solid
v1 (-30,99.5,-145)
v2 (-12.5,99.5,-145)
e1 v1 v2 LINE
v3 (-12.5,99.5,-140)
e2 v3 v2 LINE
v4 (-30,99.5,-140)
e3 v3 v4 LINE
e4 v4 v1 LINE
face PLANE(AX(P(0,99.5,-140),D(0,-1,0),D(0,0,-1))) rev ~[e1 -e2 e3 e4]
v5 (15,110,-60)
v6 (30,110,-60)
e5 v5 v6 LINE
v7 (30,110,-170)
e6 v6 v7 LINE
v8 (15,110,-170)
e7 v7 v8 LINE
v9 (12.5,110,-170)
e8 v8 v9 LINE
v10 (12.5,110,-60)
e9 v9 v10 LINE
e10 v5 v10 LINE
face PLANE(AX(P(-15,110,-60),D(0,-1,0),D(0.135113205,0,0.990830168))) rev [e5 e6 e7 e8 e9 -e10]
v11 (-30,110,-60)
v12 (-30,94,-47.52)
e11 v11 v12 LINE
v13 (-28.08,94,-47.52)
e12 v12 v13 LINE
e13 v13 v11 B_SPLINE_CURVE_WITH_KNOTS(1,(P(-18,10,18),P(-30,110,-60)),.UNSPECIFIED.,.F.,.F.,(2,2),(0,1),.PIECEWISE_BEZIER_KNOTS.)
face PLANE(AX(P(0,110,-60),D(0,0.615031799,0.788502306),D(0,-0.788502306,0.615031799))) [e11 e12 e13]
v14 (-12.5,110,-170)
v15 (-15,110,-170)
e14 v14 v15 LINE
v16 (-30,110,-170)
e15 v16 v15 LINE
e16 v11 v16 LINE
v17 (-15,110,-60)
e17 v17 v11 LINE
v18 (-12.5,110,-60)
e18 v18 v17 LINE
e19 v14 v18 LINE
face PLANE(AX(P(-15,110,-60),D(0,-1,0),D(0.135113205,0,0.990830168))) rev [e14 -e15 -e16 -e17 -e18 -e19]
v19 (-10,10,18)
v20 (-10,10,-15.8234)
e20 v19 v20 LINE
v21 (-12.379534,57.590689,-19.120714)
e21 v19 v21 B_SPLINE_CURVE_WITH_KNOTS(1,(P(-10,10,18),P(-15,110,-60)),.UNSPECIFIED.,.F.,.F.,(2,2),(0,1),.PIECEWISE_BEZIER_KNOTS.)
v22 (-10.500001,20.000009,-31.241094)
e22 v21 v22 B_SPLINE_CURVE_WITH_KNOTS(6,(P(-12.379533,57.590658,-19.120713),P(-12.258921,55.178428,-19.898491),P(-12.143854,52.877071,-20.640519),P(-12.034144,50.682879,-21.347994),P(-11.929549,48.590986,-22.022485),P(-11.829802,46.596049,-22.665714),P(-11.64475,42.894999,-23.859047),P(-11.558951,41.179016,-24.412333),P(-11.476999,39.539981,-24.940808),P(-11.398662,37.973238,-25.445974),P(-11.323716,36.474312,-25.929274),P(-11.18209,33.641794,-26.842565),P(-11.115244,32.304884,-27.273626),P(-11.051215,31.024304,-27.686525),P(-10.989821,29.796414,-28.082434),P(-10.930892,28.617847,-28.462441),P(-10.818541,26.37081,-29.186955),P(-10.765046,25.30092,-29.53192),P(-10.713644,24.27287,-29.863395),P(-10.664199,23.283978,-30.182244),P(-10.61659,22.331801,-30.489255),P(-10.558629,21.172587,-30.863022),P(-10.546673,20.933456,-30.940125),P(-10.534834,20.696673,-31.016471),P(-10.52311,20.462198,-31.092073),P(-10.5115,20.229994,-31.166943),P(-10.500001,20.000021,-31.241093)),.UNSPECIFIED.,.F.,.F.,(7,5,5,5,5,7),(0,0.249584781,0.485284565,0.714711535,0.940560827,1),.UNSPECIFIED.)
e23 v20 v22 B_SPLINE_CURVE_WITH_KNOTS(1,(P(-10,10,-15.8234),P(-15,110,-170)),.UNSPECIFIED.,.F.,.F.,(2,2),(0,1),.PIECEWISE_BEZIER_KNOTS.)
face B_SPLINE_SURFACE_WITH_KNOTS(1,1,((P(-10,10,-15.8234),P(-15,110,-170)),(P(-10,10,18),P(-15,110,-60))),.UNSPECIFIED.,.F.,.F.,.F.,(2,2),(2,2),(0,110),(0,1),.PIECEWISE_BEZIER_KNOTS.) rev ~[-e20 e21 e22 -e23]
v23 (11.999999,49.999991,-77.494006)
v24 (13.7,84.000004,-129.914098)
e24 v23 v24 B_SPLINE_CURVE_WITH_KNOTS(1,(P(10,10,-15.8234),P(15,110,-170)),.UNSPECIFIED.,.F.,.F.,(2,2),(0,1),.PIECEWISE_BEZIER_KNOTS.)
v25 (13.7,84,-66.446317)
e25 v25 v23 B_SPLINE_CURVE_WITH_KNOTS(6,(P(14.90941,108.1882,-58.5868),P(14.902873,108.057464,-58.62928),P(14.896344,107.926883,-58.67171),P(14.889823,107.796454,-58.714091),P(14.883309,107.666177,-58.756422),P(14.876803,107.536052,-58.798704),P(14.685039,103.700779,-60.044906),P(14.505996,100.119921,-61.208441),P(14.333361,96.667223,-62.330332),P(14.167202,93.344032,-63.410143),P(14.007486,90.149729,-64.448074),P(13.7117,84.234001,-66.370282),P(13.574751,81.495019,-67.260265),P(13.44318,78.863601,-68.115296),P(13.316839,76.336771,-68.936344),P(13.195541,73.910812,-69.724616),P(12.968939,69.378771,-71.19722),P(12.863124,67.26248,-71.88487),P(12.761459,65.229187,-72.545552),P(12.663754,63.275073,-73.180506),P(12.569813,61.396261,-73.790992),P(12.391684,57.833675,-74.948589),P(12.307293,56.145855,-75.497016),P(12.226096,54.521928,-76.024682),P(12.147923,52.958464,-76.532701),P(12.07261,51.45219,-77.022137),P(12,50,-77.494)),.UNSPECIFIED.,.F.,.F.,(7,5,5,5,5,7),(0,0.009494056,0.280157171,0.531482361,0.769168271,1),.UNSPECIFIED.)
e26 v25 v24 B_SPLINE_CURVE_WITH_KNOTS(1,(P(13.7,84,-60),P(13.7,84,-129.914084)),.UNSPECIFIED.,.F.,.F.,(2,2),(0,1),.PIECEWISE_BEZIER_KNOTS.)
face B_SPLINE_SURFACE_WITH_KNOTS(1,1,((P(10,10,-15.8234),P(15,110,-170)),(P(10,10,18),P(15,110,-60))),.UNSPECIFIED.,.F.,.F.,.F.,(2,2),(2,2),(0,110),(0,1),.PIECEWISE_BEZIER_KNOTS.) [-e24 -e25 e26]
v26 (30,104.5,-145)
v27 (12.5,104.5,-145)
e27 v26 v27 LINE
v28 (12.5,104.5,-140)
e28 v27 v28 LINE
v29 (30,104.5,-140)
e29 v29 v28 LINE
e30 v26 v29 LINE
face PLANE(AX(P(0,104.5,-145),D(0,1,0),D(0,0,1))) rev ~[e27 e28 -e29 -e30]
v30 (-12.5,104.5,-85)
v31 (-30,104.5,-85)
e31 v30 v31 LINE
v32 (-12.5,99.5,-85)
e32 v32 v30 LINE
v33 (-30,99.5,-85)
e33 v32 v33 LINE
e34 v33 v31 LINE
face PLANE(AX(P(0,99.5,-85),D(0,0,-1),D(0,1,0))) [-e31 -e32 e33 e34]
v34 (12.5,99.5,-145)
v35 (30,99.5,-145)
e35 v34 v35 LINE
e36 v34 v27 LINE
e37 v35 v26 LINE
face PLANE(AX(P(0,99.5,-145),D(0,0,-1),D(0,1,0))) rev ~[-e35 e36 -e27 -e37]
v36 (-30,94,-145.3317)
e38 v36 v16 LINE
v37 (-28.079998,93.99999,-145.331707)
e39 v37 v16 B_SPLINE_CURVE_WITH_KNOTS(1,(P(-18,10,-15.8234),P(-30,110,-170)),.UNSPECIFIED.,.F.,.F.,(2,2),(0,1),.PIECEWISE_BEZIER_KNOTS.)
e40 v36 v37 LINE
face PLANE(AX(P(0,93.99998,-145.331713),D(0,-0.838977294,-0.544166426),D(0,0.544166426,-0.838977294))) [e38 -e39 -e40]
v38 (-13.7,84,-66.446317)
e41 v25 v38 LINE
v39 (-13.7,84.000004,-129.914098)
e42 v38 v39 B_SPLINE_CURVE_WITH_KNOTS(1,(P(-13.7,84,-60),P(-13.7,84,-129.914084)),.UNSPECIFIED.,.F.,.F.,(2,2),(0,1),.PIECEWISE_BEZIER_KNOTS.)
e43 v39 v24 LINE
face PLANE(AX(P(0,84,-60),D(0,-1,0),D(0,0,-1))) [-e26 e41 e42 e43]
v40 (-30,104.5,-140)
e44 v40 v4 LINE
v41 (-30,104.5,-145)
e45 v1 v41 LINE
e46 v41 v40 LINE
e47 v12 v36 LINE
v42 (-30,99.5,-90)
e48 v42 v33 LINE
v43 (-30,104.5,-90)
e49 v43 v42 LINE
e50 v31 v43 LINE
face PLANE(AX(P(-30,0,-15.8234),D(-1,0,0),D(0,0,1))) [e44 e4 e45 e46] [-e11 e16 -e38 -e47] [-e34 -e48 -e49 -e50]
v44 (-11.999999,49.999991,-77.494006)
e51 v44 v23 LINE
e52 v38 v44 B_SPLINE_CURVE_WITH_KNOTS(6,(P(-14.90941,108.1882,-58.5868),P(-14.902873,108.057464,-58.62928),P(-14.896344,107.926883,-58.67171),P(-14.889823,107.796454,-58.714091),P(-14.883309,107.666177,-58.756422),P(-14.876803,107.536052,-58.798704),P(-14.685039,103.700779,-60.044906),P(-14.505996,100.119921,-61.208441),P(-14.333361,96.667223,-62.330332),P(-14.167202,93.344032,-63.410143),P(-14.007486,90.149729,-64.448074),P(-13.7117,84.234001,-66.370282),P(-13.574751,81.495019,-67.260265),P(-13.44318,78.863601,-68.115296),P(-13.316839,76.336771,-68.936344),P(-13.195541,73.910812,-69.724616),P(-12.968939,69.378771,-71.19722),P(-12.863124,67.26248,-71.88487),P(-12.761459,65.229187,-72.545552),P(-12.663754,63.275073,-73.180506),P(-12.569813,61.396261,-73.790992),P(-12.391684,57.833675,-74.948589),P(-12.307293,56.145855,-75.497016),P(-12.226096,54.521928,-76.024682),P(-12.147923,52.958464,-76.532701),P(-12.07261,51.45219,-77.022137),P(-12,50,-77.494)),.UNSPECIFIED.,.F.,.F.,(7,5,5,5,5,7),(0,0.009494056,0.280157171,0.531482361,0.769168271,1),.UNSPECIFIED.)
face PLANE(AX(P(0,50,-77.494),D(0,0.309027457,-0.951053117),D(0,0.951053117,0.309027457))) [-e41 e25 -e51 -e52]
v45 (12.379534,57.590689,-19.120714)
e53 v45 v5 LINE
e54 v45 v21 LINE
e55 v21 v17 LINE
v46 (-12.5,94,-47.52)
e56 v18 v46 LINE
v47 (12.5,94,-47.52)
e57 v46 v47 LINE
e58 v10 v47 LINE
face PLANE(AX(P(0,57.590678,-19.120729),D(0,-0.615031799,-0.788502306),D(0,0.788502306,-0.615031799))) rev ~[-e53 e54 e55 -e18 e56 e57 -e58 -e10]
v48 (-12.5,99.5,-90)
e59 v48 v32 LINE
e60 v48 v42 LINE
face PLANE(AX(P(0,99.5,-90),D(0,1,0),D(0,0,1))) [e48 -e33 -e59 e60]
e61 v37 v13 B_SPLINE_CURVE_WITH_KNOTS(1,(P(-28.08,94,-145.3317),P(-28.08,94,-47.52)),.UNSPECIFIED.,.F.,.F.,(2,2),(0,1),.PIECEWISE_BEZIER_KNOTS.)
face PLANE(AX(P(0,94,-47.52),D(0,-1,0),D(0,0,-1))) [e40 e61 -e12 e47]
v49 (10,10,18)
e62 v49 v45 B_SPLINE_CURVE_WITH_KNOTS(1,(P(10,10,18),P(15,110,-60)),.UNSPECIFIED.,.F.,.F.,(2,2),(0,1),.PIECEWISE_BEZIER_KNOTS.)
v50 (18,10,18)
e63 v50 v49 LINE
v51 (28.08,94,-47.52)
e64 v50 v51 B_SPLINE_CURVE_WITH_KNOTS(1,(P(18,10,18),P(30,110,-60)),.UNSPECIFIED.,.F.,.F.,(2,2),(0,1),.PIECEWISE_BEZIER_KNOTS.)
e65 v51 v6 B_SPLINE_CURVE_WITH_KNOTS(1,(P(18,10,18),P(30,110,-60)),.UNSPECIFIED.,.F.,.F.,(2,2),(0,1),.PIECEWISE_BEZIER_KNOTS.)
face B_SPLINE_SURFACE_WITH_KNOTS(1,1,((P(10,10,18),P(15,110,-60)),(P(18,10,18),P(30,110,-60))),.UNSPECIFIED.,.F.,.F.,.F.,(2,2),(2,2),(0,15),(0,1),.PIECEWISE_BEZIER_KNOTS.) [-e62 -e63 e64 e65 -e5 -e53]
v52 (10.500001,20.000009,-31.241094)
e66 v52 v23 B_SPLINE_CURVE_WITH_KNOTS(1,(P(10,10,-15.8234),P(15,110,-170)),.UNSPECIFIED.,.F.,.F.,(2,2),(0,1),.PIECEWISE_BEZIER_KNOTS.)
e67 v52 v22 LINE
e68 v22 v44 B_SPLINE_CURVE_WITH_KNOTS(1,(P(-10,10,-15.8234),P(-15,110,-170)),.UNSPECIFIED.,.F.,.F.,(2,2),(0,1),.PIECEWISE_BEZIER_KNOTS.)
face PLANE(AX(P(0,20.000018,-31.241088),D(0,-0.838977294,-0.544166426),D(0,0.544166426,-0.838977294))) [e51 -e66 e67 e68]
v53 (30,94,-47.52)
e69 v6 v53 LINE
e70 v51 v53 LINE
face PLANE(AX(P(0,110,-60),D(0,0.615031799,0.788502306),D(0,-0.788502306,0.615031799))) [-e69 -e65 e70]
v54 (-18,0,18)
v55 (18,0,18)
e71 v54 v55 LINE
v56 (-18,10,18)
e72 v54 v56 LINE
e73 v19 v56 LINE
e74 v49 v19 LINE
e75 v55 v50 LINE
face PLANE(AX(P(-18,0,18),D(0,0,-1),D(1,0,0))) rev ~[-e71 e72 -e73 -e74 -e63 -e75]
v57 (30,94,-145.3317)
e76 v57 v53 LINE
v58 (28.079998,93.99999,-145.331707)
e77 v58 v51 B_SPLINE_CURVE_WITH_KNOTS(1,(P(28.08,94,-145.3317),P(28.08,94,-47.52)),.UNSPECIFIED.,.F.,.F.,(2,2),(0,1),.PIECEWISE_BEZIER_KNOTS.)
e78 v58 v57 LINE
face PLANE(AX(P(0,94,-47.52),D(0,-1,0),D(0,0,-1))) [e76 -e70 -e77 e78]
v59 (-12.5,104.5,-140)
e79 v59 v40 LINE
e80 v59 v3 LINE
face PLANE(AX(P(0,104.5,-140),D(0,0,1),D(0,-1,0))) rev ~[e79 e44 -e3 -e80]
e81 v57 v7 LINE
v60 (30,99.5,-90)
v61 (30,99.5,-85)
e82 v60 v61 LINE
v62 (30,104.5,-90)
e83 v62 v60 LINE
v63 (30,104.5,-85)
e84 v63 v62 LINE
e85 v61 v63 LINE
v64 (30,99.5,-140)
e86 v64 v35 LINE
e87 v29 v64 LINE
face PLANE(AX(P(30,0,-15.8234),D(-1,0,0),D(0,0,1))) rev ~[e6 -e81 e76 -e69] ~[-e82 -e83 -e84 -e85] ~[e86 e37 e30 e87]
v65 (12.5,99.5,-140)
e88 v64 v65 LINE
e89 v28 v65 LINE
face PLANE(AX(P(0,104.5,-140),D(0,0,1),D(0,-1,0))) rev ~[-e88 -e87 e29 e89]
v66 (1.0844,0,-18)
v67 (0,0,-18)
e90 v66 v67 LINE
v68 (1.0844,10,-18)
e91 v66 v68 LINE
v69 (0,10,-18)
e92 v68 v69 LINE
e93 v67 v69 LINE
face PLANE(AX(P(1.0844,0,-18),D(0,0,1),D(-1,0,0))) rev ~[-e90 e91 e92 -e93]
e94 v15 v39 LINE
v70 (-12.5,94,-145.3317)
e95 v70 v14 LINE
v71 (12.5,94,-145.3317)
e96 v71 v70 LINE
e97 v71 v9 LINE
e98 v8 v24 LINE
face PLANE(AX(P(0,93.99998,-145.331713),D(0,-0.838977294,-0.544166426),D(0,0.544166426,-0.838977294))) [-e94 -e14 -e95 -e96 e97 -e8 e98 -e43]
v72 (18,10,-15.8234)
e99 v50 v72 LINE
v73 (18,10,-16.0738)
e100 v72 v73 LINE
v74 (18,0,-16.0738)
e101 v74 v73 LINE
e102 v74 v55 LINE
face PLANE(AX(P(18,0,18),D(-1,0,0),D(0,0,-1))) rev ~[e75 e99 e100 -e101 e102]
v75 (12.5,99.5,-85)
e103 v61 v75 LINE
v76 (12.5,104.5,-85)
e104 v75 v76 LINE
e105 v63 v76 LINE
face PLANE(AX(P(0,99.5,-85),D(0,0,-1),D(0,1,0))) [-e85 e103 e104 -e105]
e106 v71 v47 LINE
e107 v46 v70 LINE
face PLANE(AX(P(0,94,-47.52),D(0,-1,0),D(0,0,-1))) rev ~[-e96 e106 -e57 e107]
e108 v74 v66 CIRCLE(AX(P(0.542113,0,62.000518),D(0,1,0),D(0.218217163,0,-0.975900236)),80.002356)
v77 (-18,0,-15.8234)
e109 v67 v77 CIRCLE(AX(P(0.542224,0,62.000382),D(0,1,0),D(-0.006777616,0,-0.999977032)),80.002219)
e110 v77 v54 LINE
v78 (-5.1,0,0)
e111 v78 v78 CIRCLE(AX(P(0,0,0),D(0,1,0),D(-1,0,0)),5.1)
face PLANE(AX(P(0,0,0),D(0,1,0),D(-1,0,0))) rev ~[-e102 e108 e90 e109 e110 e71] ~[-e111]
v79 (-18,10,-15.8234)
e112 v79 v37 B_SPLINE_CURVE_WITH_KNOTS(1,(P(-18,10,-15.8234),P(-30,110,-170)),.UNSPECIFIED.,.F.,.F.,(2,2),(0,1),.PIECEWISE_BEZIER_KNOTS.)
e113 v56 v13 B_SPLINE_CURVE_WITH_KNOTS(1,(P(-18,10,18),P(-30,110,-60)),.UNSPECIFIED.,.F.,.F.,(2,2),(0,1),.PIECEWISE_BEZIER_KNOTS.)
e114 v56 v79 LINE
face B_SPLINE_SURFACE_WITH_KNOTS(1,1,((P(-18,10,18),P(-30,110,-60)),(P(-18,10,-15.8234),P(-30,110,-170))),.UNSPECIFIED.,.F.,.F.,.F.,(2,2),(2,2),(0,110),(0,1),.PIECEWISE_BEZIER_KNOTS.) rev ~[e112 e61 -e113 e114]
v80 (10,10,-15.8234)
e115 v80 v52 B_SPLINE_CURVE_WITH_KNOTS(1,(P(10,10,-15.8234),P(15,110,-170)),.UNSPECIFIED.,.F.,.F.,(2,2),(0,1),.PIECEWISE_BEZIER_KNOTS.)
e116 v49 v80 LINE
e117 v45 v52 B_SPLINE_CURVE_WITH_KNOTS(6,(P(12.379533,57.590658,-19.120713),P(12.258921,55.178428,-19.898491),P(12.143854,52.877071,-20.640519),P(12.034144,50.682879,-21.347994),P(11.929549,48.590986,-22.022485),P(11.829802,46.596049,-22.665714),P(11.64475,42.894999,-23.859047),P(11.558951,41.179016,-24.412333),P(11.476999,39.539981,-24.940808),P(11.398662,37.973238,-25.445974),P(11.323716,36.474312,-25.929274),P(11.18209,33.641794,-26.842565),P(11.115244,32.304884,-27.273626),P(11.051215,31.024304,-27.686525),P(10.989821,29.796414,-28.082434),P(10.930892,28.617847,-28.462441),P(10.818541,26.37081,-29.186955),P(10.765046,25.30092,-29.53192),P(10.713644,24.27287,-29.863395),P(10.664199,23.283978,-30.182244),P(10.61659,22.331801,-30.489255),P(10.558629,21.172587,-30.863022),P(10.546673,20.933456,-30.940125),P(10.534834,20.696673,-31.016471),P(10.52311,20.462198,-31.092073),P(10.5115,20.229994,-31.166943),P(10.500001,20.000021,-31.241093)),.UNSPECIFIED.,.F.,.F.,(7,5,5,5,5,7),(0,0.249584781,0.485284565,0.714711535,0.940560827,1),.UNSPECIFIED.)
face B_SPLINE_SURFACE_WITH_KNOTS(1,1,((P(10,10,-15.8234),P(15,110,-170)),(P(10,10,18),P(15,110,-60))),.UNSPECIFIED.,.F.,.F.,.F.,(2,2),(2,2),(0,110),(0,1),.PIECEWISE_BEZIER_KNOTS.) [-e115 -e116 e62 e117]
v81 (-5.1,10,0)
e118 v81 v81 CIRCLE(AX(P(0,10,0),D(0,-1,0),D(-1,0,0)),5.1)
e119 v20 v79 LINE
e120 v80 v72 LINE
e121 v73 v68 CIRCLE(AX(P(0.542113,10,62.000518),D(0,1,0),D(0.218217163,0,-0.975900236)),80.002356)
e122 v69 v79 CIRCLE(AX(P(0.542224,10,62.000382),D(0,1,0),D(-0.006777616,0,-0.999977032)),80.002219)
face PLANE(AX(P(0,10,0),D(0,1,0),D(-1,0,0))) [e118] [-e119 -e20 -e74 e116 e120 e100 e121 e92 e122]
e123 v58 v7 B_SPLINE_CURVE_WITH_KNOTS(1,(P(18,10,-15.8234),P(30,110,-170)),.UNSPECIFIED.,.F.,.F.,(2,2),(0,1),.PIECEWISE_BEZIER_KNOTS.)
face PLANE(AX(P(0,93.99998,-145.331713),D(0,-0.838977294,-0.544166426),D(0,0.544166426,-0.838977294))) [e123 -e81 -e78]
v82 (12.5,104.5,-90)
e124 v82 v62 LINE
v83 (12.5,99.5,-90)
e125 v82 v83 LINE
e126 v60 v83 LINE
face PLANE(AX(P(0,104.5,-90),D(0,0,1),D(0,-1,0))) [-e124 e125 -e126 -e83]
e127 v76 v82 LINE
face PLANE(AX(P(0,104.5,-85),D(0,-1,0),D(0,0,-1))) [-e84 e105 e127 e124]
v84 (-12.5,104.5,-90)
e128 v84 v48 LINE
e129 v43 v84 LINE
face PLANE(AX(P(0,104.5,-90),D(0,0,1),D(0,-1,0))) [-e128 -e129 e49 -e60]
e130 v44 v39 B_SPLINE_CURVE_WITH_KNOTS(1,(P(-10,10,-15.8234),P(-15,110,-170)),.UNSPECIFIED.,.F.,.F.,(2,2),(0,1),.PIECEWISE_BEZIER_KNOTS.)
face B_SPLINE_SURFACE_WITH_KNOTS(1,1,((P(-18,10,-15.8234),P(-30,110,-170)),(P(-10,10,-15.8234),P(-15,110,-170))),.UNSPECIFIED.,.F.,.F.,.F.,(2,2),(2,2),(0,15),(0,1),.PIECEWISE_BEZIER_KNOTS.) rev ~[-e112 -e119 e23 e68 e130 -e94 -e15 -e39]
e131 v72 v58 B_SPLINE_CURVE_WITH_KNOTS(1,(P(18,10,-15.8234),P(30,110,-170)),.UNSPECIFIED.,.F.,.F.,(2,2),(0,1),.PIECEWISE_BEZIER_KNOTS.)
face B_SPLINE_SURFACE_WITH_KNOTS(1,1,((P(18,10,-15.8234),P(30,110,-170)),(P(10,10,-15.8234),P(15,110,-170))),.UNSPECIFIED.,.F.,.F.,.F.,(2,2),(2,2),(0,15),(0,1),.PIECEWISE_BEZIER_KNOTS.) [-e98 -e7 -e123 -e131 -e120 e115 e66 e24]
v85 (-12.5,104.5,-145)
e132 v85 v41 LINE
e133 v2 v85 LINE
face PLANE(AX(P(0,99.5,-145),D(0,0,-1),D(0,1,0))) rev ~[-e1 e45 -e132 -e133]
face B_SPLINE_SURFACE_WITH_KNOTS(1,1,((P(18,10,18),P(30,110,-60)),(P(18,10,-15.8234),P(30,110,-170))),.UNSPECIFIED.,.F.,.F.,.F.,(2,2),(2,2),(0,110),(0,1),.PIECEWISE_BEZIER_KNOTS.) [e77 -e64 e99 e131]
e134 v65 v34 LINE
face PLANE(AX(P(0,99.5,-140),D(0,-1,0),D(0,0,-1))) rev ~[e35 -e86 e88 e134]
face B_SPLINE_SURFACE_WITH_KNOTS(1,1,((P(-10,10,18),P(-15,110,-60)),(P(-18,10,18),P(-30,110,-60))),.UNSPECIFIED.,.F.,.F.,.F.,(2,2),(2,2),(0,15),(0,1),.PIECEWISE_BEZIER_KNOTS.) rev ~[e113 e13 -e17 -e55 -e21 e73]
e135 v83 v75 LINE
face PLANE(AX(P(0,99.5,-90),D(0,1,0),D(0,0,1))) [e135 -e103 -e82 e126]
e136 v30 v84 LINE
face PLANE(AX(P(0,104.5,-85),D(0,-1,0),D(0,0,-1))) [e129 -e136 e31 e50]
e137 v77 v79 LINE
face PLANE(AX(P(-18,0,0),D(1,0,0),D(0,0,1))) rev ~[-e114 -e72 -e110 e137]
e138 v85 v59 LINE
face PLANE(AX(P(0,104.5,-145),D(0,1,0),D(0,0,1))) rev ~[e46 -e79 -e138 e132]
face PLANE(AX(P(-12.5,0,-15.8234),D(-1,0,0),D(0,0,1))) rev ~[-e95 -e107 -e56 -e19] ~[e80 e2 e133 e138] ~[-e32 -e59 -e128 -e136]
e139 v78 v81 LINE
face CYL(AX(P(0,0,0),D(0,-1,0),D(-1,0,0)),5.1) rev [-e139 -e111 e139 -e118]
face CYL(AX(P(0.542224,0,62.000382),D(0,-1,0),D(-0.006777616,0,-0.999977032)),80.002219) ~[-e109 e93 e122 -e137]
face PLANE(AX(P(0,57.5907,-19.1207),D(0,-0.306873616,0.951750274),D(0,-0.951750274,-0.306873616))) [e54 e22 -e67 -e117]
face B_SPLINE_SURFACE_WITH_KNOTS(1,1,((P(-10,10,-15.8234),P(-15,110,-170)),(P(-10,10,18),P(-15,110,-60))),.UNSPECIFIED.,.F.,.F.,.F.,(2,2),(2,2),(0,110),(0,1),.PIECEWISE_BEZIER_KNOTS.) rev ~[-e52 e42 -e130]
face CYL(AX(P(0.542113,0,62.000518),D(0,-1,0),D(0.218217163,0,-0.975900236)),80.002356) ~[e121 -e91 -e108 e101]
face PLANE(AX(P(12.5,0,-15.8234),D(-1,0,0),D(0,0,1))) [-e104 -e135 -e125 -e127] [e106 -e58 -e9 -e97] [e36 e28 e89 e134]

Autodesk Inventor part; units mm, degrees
ref_plane "YZ Plane" through (0, 0, 0) normal (1, 0, 0) x (0, 1, 0)
sketch "Sketch1" plane through (0, 0, 0) normal (0, 1, 0) x (-1, 0, 0)
  line L0 (18, 18) -> (-18, 18)
  line L1 (-18, 18) -> (-18, -18)
  line L2 (-1.0844, -18) -> (0, -18)
  line L3 (18, -18) -> (18, 18)
  line L4 (0, 31.7221) -> (0, -30.6703)
  line L5 (20.2298, 0) -> (-39.3416, 0)
  line L6 (18, 62) -> (-19.0844, 62) construction
  arc A0 (0, -18) -> (18, -15.8234) centre (-0.5422, 62) ccw
  arc A1 (-18, -16.0738) -> (-1.0844, -18) centre (-0.5422, 62) ccw
  circle A2 centre (0, 0) radius 5.1
  dimension "d0" = 36
  dimension "d1" = 36
  dimension "d2" = 80
  dimension "d6" = 10.2
extrude "Extrusion1" add sketch "Sketch1" along normal blind 10
extrude "Extrusion2" cut sketch "Sketch1" along normal through all contours A2 L5 L4 | L4 L5 A2 | A2 L4 L5 | L4 A2 L5
sketch "Sketch2" plane through (0, 10, 0) normal (0, 1, 0) x (1, 0, 0)
  circle A0 centre (0, 0) radius 5.1 construction
  line L0 (-18, -18) -> (18, -18) construction
  line L1 (18, -18) -> (18, 16.0738) construction
  arc A1 (18, 16.0738) -> (1.0844, 18) centre (0.5422, -62) ccw construction
  line L2 (1.0844, 18) -> (0, 18) construction
  arc A2 (0, 18) -> (-18, 15.8234) centre (0.5422, -62) ccw construction
  line L3 (-18, 15.8234) -> (-18, -18) construction
  line L4 (18, -18) -> (10, -18)
  line L5 (10, -18) -> (10, 15.8234)
  line L6 (10, 15.8234) -> (18, 15.8234)
  line L7 (18, 15.8234) -> (18, -18)
  dimension "d9" = 8
ref_plane "height_panel" through (0, 110, 0) normal (0, 1, 0) x (1, 0, 0)
sketch "Sketch3" plane through (0, 110, 0) normal (0, 1, 0) x (1, 0, 0)
  line L0 (15, 60) -> (30, 60)
  line L1 (30, 60) -> (30, 170)
  line L2 (30, 170) -> (15, 170)
  line L3 (15, 170) -> (15, 60)
  line L4 (0, -34.344) -> (0, 41.1374) construction
  circle A0 centre (0, 0) radius 5.1 construction
  line L5 (0, 0) -> (37.0806, 0) construction
  line L6 (0, 0) -> (-113.2425, 196.1417) construction
  line L7 (0, 0) -> (113.2425, 196.1417) construction
  dimension "d15" = 15
  dimension "d16" = 110
  dimension "d17" = 30
  dimension "d18" = 0
  dimension "d20" = 60
  dimension "d23" = 60
loft "support_panel" add profiles "Sketch2", "Sketch3"
ref_plane "Work Plane2" through (0, 0, -15.8234) normal (-1, 0, 0) x (0, 0, 1)
mirror "Mirror1" about plane through (0, 0, -15.8234) normal (-1, 0, 0) of "support_panel"
sketch "Sketch4" plane through (0, 0, -15.8234) normal (-1, 0, 0) x (0, 0, 1)
  line L0 (0, 10) -> (33.8234, 10) construction
  line L1 (33.8234, 10) -> (-44.1766, 110) construction
  line L2 (-154.1766, 110) -> (-44.1766, 110) construction
  line L3 (0, 10) -> (-154.1766, 110) construction
  line L4 (0, 10) -> (-154.1766, 110) projected
  line L5 (-61.6706, 50) -> (-42.7634, 108.1882)
  line L6 (33.8234, 10) -> (-44.1766, 110) projected
  line L7 (-3.2973, 57.5907) -> (-15.4177, 20)
  line L8 (-42.7634, 108.1882) -> (-3.2973, 57.5907)
  line L9 (-61.6706, 50) -> (-15.4177, 20)
  point P0 (15.8234, 0)
  dimension "d24" = 60
  dimension "d25" = 90
extrude "Extrusion3" add sketch "Sketch4" along normal mid plane 38
sketch "Sketch5" plane through (0, 0, -15.8234) normal (-1, 0, 0) x (0, 0, 1)
  line L0 (-20.1302, 94) -> (-176.0391, 94) construction
  line L1 (-154.1766, 110) -> (-44.1766, 110) construction
  line L2 (-18.8309, 102) -> (-169.7053, 102) construction
  line L3 (33.8234, 10) -> (-44.1766, 110) construction
  line L4 (-44.1766, 110) -> (-44.1766, 74.3483) construction
  line L5 (-71.6766, 137.3856) -> (-71.6766, 103.9302) construction
  line L6 (-126.6766, 137.3856) -> (-126.6766, 97.2716) construction
  line L7 (-44.1766, 110) -> (-154.1766, 110) construction
  line L8 (-99.1766, 110) -> (-99.1766, 73.2356) construction
  circle A0 centre (-71.6766, 102) radius 2.5 construction
  line L9 (-69.1766, 104.5) -> (-74.1766, 104.5)
  line L10 (-74.1766, 104.5) -> (-74.1766, 99.5)
  line L11 (-74.1766, 99.5) -> (-69.1766, 99.5)
  line L12 (-69.1766, 99.5) -> (-69.1766, 104.5)
  circle A1 centre (-126.6766, 102) radius 2.5 construction
  line L13 (-129.1766, 104.5) -> (-124.1766, 104.5)
  line L14 (-124.1766, 104.5) -> (-124.1766, 99.5)
  line L15 (-124.1766, 99.5) -> (-129.1766, 99.5)
  line L16 (-129.1766, 99.5) -> (-129.1766, 104.5)
  line L17 (-44.1766, 110) -> (-31.6966, 94)
  line L18 (0, 10) -> (-154.1766, 110) projected
  line L19 (-129.5083, 94) -> (-154.1766, 110)
  line L20 (-154.1766, 110) -> (-44.1766, 110)
  line L21 (-31.6966, 94) -> (-129.5083, 94)
  line L22 (-44.1766, 94) -> (-129.5083, 94)
  line L23 (-44.1766, 94) -> (-44.1766, 84)
  line L24 (-44.1766, 84) -> (-114.0907, 84)
  line L25 (-114.0907, 84) -> (-129.5083, 94)
  line L26 (-44.1766, 94) -> (-129.5083, 94)
  point P0 (15.8234, 0)
  dimension "d28" = 16
  dimension "d29" = 8
  dimension "d30" = 55
  dimension "d31" = 5
  dimension "d40" = 10
extrude "Extrusion5" add sketch "Sketch5" along normal mid plane 60 contours L17 L21 L18 L20
extrude "installation_rack" cut sketch "Sketch5" along normal mid plane 25 contours L17 L21 L18 L20
extrude "Extrusion7" cut sketch "Sketch5" along normal through all both and the other way through all contours L12 L11 L10 L9 | L13 L14 L15 L16
extrude "Extrusion8" add sketch "Sketch5" along normal mid plane 30 contours L23 L24 L18 L21
properties part number "PRING_vertical_bar"
